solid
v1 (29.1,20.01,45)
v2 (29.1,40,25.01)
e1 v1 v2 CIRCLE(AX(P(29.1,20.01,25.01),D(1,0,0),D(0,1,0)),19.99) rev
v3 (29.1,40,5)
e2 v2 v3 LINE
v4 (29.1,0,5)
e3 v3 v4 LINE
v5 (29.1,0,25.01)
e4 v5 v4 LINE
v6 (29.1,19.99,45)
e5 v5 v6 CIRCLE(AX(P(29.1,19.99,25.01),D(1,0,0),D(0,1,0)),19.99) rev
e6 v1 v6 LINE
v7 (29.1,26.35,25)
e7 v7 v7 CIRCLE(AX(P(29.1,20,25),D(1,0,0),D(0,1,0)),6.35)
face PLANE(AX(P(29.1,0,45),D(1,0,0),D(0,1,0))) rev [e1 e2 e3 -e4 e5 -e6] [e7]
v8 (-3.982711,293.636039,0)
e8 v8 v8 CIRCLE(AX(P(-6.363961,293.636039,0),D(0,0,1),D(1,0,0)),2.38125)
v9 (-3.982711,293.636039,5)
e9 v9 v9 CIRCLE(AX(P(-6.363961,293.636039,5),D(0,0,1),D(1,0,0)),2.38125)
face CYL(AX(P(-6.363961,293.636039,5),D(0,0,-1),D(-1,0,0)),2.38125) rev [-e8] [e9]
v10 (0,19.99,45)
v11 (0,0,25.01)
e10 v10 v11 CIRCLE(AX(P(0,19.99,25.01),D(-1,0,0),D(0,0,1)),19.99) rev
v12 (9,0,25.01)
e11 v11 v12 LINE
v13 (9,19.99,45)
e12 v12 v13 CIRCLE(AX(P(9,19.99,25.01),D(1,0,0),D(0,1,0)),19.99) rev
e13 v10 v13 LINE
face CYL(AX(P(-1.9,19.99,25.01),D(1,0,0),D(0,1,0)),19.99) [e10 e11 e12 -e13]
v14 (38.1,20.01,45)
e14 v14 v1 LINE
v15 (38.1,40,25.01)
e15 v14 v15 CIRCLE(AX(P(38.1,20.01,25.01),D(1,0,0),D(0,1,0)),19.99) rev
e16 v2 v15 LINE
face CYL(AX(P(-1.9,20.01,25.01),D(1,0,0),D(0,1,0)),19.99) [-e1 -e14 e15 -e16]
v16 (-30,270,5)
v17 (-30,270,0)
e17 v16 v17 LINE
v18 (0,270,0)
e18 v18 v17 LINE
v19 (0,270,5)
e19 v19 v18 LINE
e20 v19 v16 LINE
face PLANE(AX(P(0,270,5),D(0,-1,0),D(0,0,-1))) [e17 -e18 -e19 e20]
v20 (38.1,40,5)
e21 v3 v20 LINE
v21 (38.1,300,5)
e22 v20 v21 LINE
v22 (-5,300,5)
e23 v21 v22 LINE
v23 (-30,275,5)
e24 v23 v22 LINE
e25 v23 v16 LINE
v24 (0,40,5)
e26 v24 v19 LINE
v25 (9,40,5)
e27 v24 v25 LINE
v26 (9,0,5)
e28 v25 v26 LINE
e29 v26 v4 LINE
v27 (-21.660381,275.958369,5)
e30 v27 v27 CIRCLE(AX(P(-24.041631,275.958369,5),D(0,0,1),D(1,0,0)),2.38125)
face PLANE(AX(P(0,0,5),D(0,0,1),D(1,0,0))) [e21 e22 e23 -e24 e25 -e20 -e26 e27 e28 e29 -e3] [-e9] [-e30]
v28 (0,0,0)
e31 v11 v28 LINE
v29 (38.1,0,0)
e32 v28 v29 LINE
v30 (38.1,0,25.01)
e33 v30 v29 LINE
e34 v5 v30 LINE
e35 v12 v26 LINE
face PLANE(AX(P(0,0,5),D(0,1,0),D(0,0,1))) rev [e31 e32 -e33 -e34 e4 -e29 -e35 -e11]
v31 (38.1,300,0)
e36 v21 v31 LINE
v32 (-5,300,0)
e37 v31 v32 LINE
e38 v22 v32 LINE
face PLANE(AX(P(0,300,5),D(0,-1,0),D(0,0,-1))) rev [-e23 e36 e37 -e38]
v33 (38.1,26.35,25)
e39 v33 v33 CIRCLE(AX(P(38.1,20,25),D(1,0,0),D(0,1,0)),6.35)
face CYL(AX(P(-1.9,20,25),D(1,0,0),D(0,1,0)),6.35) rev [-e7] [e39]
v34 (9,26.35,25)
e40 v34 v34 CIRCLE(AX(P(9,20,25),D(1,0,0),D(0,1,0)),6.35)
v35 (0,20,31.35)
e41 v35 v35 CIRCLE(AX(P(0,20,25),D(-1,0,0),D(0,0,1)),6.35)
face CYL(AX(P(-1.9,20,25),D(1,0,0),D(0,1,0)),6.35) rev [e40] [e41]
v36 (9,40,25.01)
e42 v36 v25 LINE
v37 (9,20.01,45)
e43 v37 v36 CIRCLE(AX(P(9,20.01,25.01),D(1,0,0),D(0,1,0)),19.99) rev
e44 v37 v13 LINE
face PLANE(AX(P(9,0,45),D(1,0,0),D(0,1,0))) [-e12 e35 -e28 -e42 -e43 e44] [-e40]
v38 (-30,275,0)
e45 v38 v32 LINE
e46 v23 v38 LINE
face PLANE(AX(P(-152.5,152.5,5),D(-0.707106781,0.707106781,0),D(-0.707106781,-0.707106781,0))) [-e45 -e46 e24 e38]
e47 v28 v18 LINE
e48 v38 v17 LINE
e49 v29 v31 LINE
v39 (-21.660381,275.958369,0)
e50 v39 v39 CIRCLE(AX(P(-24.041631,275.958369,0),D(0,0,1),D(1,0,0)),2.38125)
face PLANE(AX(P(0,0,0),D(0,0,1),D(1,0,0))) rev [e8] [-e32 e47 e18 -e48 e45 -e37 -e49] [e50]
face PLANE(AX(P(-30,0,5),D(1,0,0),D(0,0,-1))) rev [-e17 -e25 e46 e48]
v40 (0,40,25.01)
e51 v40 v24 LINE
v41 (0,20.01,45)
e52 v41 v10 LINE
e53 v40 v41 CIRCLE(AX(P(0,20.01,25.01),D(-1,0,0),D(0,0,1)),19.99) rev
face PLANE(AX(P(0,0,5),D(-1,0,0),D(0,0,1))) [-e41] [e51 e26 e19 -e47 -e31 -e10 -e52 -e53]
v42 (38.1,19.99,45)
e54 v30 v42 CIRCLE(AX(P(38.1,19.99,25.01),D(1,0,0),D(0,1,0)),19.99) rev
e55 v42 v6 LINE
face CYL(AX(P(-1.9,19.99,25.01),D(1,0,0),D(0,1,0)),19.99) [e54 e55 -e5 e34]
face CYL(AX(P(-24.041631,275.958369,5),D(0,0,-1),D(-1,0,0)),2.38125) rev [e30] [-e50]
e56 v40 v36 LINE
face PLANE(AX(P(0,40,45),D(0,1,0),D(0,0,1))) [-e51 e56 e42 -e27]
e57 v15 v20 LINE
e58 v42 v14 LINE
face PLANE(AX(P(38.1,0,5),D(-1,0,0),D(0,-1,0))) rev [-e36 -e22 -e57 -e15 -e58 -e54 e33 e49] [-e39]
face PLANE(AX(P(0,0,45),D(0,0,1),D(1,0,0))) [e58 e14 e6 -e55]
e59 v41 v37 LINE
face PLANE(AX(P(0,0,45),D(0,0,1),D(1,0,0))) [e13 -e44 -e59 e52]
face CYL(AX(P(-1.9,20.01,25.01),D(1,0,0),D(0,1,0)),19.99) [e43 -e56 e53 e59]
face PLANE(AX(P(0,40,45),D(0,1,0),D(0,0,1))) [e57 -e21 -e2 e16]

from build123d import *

# Parameters (mm, degrees)
SKETCH1_W           = 38.1
SKETCH1_H           = 300
BOSS_EXTRUDE1_DEPTH = 5
SKETCH2_W           = 9
SKETCH2_H           = 40
BOSS_EXTRUDE2_DEPTH = 40
CUT_EXTRUDE1_DEPTH  = 40


with BuildPart() as part:
    # Sketch1 → Boss-Extrude1 (new body)
    with BuildSketch(Plane.XY):
        with BuildLine():
            Line((-30, 275), (-30, 270))
            Line((-30, 270), (-25.725428583, 274.274571417))
            ThreePointArc((-25.725428583, 274.274571417), (-25.725428583, 277.642167462), (-22.357832538, 277.642167462))
            Line((-22.357832538, 277.642167462), (-8.047759053, 291.952240947))
            ThreePointArc((-8.047759053, 291.952240947), (-8.047759053, 295.319836992), (-4.680163008, 295.319836992))
            Line((-4.680163008, 295.319836992), (0, 300))
            Line((0, 300), (-5, 300))
            Line((-5, 300), (-30, 275))
        make_face()
        with BuildLine():
            Line((-25.725428583, 274.274571417), (-30, 270))
            Line((-30, 270), (0, 270))
            Line((0, 270), (0, 300))
            Line((0, 300), (-4.680163008, 295.319836992))
            ThreePointArc((-4.680163008, 295.319836992), (-4.163972894, 294.547303893), (-3.982711031, 293.636038969))
            ThreePointArc((-3.982711031, 293.636038969), (-5.452696107, 291.436050833), (-8.047759053, 291.952240947))
            Line((-8.047759053, 291.952240947), (-22.357832538, 277.642167462))
            ThreePointArc((-22.357832538, 277.642167462), (-21.841642424, 276.869634363), (-21.66038056, 275.95836944))
            ThreePointArc((-21.66038056, 275.95836944), (-23.130365637, 273.758381303), (-25.725428583, 274.274571417))
        make_face()
        with Locations((19.05, 150)):
            Rectangle(SKETCH1_W, SKETCH1_H)
    extrude(amount=BOSS_EXTRUDE1_DEPTH)

    # Sketch2 → Boss-Extrude2 (add)
    with BuildSketch(Plane.XY.offset(5)):
        with Locations((4.5, 20)):
            Rectangle(SKETCH2_W, SKETCH2_H)
        with Locations((33.6, 20)):
            Rectangle(SKETCH2_W, SKETCH2_H)
    extrude(amount=BOSS_EXTRUDE2_DEPTH)

    # Sketch3 → Cut-Extrude1 (cut)
    with BuildSketch(Plane(origin=(38.1, 0, 0), x_dir=(0, 0, -1), z_dir=(1, 0, 0))):
        with BuildLine():
            ThreePointArc((-18.65, 20), (-19.133364969, 22.430039796), (-20.509871939, 24.490128061))
            Line((-20.509871939, 24.490128061), (-29.490128061, 15.509871939))
            ThreePointArc((-29.490128061, 15.509871939), (-22.569960204, 14.133364969), (-18.65, 20))
        make_face()
        with BuildLine():
            Line((-29.490128061, 15.509871939), (-20.509871939, 24.490128061))
            ThreePointArc((-20.509871939, 24.490128061), (-29.490128061, 24.490128061), (-29.490128061, 15.509871939))
        make_face()
        with BuildLine():
            ThreePointArc((-45, 20.01), (-39.145064556, 34.145064556), (-25.01, 40))
            Line((-25.01, 40), (-45, 40))
            Line((-45, 40), (-45, 20.01))
        make_face()
        with BuildLine():
            Line((-45, 0), (-39.145064556, 5.854935444))
            ThreePointArc((-39.145064556, 5.854935444), (-43.478351855, 12.340158187), (-45, 19.99))
            Line((-45, 19.99), (-45, 0))
        make_face()
        with BuildLine():
            Line((-45, 0), (-25.01, 0))
            ThreePointArc((-25.01, 0), (-32.659841813, 1.521648145), (-39.145064556, 5.854935444))
            Line((-39.145064556, 5.854935444), (-45, 0))
        make_face()
    extrude(amount=-CUT_EXTRUDE1_DEPTH, mode=Mode.SUBTRACT)


solid = part.part
